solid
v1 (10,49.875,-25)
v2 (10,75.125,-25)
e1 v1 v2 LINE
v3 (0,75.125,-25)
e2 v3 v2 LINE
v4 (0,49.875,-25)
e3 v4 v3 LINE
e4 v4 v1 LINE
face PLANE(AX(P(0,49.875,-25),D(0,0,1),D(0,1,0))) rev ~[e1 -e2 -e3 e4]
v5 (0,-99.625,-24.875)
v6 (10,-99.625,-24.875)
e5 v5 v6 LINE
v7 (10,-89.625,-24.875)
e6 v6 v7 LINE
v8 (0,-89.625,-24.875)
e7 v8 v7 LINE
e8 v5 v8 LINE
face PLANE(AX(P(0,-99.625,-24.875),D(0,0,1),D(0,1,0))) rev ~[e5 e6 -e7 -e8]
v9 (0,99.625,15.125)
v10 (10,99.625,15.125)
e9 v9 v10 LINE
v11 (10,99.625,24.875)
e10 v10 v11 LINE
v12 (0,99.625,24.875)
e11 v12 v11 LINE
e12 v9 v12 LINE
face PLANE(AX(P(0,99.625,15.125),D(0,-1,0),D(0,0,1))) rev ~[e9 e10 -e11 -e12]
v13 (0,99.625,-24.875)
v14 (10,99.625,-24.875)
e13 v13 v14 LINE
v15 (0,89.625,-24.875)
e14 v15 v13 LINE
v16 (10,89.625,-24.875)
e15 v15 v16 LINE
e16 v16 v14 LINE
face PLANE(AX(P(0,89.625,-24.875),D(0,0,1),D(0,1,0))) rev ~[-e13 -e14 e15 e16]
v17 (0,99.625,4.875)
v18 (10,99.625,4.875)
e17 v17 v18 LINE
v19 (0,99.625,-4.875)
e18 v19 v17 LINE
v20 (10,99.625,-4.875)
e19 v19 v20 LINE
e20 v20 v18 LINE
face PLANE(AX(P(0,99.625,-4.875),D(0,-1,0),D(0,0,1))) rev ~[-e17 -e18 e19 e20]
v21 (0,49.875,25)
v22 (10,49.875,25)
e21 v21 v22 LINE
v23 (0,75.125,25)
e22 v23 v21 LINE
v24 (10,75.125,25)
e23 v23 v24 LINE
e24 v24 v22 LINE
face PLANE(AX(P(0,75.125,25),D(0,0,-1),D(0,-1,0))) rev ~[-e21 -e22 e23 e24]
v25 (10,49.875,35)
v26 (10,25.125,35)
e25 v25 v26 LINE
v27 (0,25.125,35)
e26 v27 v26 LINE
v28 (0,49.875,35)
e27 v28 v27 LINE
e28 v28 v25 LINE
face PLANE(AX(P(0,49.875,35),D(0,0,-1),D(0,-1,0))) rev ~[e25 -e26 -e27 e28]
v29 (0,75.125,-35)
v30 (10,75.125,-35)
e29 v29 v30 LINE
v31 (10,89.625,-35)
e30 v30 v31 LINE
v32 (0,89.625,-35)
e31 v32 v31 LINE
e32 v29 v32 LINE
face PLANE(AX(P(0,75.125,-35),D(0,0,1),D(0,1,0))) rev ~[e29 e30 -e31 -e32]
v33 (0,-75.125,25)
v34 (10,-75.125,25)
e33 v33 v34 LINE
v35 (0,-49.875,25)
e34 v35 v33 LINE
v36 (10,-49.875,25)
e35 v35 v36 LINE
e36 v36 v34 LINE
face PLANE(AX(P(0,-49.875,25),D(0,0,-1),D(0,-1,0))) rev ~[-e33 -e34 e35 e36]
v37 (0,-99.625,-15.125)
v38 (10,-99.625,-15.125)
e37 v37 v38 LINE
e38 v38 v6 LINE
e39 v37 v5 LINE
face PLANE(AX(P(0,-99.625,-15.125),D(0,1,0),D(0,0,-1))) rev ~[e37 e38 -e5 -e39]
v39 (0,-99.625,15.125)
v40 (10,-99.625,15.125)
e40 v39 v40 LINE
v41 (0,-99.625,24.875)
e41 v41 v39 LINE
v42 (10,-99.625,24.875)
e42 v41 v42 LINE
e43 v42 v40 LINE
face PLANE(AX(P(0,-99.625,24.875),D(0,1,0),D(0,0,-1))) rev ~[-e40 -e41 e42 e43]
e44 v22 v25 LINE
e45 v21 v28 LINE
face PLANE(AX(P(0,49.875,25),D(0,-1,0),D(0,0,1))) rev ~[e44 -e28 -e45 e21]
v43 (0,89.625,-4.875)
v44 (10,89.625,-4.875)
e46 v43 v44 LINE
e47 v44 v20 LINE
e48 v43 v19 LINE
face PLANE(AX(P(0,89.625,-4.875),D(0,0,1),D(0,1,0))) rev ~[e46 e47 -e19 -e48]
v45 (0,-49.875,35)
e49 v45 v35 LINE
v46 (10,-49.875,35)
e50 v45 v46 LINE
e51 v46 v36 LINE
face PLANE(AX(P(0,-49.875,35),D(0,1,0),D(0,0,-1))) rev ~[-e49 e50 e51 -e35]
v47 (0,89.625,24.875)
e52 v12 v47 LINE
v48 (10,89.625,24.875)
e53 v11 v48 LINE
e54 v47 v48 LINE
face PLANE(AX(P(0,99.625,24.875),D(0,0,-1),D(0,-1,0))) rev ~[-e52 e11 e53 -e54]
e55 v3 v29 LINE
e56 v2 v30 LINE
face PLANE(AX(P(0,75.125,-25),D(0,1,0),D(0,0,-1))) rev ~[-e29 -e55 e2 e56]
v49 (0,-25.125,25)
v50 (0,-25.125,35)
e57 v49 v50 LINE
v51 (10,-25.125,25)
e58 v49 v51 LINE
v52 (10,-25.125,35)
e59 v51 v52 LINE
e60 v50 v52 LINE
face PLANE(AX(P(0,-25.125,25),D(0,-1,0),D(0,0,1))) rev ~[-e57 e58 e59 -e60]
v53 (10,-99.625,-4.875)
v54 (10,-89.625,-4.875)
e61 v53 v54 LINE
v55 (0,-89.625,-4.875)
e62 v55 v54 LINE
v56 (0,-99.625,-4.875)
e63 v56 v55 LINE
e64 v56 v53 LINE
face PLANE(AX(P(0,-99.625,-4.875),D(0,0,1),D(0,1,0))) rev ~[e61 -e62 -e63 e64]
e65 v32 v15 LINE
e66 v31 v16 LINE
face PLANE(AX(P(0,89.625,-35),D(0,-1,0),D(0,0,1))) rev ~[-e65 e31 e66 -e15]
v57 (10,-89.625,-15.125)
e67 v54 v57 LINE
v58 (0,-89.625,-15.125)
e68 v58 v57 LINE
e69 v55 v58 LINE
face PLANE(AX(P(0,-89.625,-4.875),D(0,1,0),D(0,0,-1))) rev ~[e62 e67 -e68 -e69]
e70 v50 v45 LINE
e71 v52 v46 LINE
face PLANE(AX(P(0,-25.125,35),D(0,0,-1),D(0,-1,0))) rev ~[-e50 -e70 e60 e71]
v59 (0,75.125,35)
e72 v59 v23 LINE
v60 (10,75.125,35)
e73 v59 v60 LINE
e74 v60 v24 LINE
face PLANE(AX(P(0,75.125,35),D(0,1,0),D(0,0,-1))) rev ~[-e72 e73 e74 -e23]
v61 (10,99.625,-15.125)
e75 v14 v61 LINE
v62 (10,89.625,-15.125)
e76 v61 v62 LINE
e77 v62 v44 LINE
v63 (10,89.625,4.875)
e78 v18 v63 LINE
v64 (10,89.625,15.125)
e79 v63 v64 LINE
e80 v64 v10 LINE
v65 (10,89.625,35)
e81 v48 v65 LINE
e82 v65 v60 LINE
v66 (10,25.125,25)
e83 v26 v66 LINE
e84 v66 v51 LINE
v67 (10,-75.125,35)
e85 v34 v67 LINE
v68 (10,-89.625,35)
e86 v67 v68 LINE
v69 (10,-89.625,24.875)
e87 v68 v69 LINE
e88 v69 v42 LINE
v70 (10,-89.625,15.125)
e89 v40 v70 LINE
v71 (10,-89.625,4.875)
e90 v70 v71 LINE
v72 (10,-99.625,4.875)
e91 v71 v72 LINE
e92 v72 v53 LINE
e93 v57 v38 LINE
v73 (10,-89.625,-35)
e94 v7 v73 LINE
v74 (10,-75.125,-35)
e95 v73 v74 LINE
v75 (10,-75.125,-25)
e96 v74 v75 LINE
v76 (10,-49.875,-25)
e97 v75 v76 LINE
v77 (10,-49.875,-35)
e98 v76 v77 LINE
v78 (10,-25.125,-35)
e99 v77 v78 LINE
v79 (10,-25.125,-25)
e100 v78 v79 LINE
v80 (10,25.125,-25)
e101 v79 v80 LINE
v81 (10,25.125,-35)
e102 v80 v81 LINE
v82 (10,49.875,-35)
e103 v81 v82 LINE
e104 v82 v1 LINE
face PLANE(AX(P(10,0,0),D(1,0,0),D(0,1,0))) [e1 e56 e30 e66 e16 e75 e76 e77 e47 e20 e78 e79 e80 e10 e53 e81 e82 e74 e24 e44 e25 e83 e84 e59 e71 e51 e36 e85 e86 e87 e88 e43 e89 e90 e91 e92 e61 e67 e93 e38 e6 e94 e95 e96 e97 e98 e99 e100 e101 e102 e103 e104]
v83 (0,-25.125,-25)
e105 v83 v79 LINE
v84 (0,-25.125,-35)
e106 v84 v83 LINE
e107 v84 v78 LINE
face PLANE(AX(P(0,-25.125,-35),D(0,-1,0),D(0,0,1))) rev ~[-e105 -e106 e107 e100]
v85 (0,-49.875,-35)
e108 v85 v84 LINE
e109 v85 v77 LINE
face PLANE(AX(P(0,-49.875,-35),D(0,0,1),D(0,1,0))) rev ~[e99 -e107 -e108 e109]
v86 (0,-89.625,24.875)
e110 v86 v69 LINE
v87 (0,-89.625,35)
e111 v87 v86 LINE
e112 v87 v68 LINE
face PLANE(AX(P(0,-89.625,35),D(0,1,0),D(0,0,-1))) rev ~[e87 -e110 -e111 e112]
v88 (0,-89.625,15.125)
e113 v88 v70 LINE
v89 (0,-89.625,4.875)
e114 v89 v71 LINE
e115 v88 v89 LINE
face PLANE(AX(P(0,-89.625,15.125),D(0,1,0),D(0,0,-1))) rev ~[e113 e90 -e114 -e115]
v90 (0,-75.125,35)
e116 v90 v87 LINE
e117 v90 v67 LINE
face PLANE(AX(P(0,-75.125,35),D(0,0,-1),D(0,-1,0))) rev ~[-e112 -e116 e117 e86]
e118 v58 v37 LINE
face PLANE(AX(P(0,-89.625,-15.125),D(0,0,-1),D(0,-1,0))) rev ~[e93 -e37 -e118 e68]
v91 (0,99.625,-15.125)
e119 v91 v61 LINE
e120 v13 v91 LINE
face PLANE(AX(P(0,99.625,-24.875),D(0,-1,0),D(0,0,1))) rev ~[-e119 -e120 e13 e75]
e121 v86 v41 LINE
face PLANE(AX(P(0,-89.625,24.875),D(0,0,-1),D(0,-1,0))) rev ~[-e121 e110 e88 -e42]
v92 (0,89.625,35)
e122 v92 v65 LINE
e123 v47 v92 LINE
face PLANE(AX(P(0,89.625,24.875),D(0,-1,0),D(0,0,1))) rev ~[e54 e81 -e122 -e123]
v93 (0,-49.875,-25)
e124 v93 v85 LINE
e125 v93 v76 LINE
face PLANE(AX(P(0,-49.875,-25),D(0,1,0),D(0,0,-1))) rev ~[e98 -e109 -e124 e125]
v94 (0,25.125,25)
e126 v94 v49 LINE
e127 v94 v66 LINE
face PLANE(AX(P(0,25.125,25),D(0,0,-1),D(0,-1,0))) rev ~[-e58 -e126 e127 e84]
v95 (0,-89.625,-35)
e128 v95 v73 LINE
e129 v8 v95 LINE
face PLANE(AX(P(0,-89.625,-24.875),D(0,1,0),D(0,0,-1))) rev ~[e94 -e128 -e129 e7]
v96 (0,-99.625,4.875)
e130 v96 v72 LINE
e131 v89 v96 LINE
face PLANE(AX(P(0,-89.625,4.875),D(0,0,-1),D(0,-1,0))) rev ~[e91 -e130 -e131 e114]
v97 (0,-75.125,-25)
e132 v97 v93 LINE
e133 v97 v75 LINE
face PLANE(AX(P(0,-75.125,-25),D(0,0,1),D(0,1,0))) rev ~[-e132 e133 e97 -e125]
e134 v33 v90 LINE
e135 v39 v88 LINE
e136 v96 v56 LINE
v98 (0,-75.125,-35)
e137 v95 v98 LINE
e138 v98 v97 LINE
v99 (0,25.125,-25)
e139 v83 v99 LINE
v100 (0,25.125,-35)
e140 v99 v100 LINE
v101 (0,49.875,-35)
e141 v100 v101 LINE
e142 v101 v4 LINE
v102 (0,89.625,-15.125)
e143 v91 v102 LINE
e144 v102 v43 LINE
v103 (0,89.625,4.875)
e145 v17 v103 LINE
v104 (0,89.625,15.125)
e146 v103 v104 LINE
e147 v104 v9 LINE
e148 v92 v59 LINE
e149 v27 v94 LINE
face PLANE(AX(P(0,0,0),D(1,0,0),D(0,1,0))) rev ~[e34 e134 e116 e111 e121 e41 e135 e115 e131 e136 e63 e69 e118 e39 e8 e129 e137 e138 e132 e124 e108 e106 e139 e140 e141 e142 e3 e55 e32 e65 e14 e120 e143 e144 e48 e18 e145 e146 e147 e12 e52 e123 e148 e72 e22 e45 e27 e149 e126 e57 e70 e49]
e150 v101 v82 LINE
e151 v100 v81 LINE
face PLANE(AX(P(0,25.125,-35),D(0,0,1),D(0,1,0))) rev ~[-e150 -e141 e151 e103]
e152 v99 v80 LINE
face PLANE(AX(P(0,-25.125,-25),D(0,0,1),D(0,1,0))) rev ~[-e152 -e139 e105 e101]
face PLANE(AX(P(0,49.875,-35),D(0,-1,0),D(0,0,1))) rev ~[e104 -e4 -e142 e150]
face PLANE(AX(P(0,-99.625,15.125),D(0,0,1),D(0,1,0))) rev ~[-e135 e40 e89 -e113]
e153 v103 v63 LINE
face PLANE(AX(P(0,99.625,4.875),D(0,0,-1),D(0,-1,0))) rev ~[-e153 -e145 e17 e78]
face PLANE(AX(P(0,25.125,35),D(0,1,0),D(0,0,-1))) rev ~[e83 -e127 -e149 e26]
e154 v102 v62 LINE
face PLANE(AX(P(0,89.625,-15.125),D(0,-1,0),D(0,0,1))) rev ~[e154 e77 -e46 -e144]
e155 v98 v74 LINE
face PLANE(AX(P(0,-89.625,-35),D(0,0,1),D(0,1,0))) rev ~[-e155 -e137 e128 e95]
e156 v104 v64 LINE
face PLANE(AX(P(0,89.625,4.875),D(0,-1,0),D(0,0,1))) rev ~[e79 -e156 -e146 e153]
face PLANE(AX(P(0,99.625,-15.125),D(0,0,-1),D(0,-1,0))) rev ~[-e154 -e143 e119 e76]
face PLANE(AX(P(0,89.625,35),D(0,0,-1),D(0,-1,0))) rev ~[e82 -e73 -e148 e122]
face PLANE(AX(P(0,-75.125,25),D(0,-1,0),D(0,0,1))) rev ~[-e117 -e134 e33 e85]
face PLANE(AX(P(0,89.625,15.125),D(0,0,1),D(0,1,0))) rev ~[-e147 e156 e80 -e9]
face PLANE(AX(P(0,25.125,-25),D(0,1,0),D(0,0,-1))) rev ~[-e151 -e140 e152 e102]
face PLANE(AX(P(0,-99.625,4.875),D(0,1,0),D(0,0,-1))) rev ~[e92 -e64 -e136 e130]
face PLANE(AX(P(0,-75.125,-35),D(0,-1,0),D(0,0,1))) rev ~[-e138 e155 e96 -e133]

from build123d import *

# Parameters (mm, degrees)
F1_DEPTH = 10


with BuildPart() as f1:
    # F0 (on Right) → F1 (new body)
    with BuildSketch(Plane.YZ):
        Polygon((-99.625, -24.875), (-89.625, -24.875), (-89.625, -35), (-75.125, -35), (-75.125, -25), (-49.875, -25), (-49.875, -35), (-25.125, -35), (-25.125, -25), (0, -25), (25.125, -25), (25.125, -35), (49.875, -35), (49.875, -25), (75.125, -25), (75.125, -35), (89.625, -35), (89.625, -24.875), (99.625, -24.875), (99.625, -15.125), (89.625, -15.125), (89.625, -4.875), (99.625, -4.875), (99.625, 0), (99.625, 4.875), (89.625, 4.875), (89.625, 15.125), (99.625, 15.125), (99.625, 24.875), (89.625, 24.875), (89.625, 35), (75.125, 35), (75.125, 25), (49.875, 25), (49.875, 35), (25.125, 35), (25.125, 25), (0, 25), (-25.125, 25), (-25.125, 35), (-49.875, 35), (-49.875, 25), (-75.125, 25), (-75.125, 35), (-89.625, 35), (-89.625, 24.875), (-99.625, 24.875), (-99.625, 15.125), (-89.625, 15.125), (-89.625, 4.875), (-99.625, 4.875), (-99.625, 0), (-99.625, -4.875), (-89.625, -4.875), (-89.625, -15.125), (-99.625, -15.125), align=None)
    extrude(amount=F1_DEPTH)


solid = f1.part
